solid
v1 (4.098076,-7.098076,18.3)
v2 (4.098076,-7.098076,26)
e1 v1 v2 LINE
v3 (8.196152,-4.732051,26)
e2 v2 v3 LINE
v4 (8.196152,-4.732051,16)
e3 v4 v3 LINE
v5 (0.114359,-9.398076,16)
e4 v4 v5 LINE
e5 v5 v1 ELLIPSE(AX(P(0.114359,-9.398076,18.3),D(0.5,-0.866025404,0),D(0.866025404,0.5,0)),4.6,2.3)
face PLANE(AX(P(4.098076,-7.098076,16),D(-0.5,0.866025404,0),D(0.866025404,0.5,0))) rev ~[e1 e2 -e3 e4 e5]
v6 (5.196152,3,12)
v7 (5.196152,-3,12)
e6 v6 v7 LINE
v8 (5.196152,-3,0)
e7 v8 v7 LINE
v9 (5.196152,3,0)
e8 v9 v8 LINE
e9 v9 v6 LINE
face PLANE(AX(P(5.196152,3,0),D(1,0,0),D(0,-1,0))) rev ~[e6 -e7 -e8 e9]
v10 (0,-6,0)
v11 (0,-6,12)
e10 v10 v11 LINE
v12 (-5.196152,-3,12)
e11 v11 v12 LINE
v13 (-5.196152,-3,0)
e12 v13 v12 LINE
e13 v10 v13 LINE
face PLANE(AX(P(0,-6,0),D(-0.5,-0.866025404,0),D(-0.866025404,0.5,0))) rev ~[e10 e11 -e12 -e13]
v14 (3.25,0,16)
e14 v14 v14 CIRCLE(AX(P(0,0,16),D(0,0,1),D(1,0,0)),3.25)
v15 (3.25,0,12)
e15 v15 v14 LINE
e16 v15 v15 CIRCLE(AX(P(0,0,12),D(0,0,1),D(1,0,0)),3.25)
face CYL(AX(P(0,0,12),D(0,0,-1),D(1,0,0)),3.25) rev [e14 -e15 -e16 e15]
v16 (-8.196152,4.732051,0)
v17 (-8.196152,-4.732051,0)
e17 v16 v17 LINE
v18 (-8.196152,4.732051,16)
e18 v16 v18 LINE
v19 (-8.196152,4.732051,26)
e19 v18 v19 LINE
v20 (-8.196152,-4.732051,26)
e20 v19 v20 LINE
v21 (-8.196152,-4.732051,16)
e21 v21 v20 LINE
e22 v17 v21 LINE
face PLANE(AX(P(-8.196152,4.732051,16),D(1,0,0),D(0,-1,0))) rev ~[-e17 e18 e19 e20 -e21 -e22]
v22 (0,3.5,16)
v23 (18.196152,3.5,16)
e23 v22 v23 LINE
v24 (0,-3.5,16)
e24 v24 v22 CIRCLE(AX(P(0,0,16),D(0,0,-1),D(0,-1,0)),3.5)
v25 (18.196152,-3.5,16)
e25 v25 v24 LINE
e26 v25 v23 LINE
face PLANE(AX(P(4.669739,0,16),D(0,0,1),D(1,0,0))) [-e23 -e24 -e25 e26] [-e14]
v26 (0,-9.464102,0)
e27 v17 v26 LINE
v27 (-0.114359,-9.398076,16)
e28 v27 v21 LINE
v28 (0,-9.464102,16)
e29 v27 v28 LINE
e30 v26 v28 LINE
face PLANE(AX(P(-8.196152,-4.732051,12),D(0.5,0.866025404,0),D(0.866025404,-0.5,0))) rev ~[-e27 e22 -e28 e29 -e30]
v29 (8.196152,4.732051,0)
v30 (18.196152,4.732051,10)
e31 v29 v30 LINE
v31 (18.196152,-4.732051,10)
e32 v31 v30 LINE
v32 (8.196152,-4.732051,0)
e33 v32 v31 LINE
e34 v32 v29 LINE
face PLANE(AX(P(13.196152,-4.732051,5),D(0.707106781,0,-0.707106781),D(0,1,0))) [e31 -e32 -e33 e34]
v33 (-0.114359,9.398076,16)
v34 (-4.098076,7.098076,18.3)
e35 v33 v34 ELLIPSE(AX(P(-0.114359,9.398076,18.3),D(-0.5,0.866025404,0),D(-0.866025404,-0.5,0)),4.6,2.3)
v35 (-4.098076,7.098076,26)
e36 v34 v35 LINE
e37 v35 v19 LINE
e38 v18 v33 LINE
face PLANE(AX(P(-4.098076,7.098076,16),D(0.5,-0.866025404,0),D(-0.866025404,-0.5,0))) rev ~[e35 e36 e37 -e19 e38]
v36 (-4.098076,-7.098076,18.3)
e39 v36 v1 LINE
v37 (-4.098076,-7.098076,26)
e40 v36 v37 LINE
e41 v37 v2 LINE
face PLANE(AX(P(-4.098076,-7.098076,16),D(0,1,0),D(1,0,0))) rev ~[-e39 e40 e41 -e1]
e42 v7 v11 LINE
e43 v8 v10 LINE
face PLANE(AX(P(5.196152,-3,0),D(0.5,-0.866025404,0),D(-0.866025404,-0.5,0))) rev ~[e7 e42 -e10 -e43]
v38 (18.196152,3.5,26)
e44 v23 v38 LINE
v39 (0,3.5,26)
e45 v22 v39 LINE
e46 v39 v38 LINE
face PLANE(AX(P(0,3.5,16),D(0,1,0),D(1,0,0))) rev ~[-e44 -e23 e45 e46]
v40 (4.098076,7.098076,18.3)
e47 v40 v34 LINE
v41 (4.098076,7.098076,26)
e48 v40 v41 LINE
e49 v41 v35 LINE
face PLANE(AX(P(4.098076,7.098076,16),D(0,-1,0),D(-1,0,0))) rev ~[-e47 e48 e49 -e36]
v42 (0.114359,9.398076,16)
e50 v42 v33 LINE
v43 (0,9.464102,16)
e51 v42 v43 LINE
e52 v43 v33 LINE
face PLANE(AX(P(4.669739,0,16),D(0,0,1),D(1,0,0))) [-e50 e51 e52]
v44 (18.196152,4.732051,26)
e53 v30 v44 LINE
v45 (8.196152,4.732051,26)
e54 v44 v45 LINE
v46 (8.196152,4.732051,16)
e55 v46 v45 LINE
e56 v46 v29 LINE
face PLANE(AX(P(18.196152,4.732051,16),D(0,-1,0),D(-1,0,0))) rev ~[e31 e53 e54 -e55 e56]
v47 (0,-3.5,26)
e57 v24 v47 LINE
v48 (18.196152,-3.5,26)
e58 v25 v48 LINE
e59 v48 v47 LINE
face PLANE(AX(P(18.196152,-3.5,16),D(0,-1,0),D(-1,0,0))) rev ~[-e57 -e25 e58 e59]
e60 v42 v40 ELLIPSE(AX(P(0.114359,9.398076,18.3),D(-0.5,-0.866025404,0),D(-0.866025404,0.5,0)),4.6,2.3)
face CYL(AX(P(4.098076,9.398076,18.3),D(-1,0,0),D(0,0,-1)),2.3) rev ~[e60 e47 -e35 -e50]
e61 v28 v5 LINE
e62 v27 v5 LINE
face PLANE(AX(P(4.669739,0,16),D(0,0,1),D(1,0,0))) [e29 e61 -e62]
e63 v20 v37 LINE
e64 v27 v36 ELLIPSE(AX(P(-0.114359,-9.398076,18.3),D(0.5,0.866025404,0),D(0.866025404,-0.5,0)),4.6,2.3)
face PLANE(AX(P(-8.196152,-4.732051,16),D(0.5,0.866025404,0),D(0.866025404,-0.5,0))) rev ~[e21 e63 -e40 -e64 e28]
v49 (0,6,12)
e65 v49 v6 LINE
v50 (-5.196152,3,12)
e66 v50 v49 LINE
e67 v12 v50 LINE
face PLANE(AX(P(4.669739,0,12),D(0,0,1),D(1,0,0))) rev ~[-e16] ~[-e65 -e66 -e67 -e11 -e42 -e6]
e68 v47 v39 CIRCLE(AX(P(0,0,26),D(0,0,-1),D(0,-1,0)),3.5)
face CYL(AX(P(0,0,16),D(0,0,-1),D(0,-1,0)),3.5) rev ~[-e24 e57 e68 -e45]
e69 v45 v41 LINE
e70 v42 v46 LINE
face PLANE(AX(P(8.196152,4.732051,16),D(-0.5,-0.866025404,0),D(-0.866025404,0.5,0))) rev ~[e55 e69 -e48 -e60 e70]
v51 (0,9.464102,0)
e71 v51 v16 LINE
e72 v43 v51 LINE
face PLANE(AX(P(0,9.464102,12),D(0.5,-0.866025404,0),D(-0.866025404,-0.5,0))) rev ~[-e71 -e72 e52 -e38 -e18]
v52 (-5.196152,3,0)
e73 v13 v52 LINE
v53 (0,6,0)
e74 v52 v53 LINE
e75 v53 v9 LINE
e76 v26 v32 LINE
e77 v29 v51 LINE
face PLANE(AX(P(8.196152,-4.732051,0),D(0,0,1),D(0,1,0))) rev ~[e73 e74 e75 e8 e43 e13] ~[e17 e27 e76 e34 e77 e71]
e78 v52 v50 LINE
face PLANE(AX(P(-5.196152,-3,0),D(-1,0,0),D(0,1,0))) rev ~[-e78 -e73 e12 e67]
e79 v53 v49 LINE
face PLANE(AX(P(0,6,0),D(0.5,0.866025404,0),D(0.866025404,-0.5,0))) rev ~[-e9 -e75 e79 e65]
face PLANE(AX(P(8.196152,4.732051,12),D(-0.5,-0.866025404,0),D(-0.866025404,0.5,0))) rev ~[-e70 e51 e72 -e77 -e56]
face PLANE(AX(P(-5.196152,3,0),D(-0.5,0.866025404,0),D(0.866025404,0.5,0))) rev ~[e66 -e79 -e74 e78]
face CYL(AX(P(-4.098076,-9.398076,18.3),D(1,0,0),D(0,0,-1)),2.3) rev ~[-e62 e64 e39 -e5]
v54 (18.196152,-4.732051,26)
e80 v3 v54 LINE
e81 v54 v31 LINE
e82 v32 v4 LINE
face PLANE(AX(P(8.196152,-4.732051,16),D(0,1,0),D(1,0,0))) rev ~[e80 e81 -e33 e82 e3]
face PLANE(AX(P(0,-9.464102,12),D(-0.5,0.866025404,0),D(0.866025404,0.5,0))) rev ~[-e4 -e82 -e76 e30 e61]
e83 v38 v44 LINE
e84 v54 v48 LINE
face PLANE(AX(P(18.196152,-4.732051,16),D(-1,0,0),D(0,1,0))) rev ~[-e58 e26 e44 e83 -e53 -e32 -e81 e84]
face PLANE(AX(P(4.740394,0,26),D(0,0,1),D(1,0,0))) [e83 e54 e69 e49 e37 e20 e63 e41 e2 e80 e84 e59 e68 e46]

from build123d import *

# Parameters (mm, degrees)
F1_DEPTH = 12
F2_DEPTH = 10
F3_SIZE  = 10
F4_R     = 3.25
F5_DEPTH = 4
F7_DEPTH = 10
F8_R     = 2.3


with BuildPart() as f1:
    # F0 (on Top) → F1 (new body)
    with BuildSketch(Plane.XY):
        Polygon((-8.1961524227, 4.7320508076), (-8.1961524227, -4.7320508076), (0, -9.4641016151), (8.1961524227, -4.7320508076), (8.1961524227, 4.7320508076), (0, 9.4641016151), align=None)
        Polygon((-5.1961524227, 3), (0, 6), (5.1961524227, 3), (5.1961524227, -3), (0, -6), (-5.1961524227, -3), align=None, mode=Mode.SUBTRACT)
    extrude(amount=F1_DEPTH)

    # F2 (add): a face of the model
    f2_faces = [f1.faces().sort_by_distance(p)[0] for p in [
        (8.1961524227, 0, 6),
    ]]
    extrude(f2_faces, amount=F2_DEPTH)

    # F3
    f3_edges = [f1.edges().sort_by_distance(p)[0] for p in [
        (18.196152, 0, 0),
    ]]
    chamfer(f3_edges, length=F3_SIZE)

    # F4 (on face) → F5 (join)
    with BuildSketch(Plane.XY.offset(12)):
        Polygon((0, 9.4641016151), (-8.1961524227, 4.7320508076), (-8.1961524227, -4.7320508076), (0, -9.4641016151), (8.1961524227, -4.7320508076), (18.1961524227, -4.7320508076), (18.1961524227, 4.7320508076), (8.1961524227, 4.7320508076), align=None)
        Polygon((-5.1961524227, -3), (-5.1961524227, 3), (0, 6), (5.1961524227, 3), (5.1961524227, -3), (0, -6), align=None, mode=Mode.SUBTRACT)
        Polygon((0, 6), (-5.1961524227, 3), (-5.1961524227, -3), (0, -6), (5.1961524227, -3), (5.1961524227, 3), align=None)
        Circle(F4_R, mode=Mode.SUBTRACT)
    extrude(amount=F5_DEPTH)

    # F6 (on face) → F7 (join)
    with BuildSketch(Plane.XY.offset(16)):
        with BuildLine():
            ThreePointArc((0, -3.5), (-3.5, 0), (0, 3.5))
            Line((0, 3.5), (18.1961524227, 3.5))
            Line((18.1961524227, 3.5), (18.1961524227, 4.7320508076))
            Line((18.1961524227, 4.7320508076), (8.1961524227, 4.7320508076))
            Line((8.1961524227, 4.7320508076), (4.0980762114, 7.0980762114))
            Line((4.0980762114, 7.0980762114), (-4.0980762114, 7.0980762114))
            Line((-4.0980762114, 7.0980762114), (-8.1961524227, 4.7320508076))
            Line((-8.1961524227, 4.7320508076), (-8.1961524227, -4.7320508076))
            Line((-8.1961524227, -4.7320508076), (-4.0980762114, -7.0980762114))
            Line((-4.0980762114, -7.0980762114), (4.0980762114, -7.0980762114))
            Line((4.0980762114, -7.0980762114), (8.1961524227, -4.7320508076))
            Line((8.1961524227, -4.7320508076), (18.1961524227, -4.7320508076))
            Line((18.1961524227, -4.7320508076), (18.1961524227, -3.5))
            Line((18.1961524227, -3.5), (0, -3.5))
        make_face()
    extrude(amount=F7_DEPTH)

    # F8
    f8_edges = [f1.edges().sort_by_distance(p)[0] for p in [
        (0, -7.098076, 16),
        (0, 7.098076, 16),
    ]]
    fillet(f8_edges, radius=F8_R)


solid = f1.part
